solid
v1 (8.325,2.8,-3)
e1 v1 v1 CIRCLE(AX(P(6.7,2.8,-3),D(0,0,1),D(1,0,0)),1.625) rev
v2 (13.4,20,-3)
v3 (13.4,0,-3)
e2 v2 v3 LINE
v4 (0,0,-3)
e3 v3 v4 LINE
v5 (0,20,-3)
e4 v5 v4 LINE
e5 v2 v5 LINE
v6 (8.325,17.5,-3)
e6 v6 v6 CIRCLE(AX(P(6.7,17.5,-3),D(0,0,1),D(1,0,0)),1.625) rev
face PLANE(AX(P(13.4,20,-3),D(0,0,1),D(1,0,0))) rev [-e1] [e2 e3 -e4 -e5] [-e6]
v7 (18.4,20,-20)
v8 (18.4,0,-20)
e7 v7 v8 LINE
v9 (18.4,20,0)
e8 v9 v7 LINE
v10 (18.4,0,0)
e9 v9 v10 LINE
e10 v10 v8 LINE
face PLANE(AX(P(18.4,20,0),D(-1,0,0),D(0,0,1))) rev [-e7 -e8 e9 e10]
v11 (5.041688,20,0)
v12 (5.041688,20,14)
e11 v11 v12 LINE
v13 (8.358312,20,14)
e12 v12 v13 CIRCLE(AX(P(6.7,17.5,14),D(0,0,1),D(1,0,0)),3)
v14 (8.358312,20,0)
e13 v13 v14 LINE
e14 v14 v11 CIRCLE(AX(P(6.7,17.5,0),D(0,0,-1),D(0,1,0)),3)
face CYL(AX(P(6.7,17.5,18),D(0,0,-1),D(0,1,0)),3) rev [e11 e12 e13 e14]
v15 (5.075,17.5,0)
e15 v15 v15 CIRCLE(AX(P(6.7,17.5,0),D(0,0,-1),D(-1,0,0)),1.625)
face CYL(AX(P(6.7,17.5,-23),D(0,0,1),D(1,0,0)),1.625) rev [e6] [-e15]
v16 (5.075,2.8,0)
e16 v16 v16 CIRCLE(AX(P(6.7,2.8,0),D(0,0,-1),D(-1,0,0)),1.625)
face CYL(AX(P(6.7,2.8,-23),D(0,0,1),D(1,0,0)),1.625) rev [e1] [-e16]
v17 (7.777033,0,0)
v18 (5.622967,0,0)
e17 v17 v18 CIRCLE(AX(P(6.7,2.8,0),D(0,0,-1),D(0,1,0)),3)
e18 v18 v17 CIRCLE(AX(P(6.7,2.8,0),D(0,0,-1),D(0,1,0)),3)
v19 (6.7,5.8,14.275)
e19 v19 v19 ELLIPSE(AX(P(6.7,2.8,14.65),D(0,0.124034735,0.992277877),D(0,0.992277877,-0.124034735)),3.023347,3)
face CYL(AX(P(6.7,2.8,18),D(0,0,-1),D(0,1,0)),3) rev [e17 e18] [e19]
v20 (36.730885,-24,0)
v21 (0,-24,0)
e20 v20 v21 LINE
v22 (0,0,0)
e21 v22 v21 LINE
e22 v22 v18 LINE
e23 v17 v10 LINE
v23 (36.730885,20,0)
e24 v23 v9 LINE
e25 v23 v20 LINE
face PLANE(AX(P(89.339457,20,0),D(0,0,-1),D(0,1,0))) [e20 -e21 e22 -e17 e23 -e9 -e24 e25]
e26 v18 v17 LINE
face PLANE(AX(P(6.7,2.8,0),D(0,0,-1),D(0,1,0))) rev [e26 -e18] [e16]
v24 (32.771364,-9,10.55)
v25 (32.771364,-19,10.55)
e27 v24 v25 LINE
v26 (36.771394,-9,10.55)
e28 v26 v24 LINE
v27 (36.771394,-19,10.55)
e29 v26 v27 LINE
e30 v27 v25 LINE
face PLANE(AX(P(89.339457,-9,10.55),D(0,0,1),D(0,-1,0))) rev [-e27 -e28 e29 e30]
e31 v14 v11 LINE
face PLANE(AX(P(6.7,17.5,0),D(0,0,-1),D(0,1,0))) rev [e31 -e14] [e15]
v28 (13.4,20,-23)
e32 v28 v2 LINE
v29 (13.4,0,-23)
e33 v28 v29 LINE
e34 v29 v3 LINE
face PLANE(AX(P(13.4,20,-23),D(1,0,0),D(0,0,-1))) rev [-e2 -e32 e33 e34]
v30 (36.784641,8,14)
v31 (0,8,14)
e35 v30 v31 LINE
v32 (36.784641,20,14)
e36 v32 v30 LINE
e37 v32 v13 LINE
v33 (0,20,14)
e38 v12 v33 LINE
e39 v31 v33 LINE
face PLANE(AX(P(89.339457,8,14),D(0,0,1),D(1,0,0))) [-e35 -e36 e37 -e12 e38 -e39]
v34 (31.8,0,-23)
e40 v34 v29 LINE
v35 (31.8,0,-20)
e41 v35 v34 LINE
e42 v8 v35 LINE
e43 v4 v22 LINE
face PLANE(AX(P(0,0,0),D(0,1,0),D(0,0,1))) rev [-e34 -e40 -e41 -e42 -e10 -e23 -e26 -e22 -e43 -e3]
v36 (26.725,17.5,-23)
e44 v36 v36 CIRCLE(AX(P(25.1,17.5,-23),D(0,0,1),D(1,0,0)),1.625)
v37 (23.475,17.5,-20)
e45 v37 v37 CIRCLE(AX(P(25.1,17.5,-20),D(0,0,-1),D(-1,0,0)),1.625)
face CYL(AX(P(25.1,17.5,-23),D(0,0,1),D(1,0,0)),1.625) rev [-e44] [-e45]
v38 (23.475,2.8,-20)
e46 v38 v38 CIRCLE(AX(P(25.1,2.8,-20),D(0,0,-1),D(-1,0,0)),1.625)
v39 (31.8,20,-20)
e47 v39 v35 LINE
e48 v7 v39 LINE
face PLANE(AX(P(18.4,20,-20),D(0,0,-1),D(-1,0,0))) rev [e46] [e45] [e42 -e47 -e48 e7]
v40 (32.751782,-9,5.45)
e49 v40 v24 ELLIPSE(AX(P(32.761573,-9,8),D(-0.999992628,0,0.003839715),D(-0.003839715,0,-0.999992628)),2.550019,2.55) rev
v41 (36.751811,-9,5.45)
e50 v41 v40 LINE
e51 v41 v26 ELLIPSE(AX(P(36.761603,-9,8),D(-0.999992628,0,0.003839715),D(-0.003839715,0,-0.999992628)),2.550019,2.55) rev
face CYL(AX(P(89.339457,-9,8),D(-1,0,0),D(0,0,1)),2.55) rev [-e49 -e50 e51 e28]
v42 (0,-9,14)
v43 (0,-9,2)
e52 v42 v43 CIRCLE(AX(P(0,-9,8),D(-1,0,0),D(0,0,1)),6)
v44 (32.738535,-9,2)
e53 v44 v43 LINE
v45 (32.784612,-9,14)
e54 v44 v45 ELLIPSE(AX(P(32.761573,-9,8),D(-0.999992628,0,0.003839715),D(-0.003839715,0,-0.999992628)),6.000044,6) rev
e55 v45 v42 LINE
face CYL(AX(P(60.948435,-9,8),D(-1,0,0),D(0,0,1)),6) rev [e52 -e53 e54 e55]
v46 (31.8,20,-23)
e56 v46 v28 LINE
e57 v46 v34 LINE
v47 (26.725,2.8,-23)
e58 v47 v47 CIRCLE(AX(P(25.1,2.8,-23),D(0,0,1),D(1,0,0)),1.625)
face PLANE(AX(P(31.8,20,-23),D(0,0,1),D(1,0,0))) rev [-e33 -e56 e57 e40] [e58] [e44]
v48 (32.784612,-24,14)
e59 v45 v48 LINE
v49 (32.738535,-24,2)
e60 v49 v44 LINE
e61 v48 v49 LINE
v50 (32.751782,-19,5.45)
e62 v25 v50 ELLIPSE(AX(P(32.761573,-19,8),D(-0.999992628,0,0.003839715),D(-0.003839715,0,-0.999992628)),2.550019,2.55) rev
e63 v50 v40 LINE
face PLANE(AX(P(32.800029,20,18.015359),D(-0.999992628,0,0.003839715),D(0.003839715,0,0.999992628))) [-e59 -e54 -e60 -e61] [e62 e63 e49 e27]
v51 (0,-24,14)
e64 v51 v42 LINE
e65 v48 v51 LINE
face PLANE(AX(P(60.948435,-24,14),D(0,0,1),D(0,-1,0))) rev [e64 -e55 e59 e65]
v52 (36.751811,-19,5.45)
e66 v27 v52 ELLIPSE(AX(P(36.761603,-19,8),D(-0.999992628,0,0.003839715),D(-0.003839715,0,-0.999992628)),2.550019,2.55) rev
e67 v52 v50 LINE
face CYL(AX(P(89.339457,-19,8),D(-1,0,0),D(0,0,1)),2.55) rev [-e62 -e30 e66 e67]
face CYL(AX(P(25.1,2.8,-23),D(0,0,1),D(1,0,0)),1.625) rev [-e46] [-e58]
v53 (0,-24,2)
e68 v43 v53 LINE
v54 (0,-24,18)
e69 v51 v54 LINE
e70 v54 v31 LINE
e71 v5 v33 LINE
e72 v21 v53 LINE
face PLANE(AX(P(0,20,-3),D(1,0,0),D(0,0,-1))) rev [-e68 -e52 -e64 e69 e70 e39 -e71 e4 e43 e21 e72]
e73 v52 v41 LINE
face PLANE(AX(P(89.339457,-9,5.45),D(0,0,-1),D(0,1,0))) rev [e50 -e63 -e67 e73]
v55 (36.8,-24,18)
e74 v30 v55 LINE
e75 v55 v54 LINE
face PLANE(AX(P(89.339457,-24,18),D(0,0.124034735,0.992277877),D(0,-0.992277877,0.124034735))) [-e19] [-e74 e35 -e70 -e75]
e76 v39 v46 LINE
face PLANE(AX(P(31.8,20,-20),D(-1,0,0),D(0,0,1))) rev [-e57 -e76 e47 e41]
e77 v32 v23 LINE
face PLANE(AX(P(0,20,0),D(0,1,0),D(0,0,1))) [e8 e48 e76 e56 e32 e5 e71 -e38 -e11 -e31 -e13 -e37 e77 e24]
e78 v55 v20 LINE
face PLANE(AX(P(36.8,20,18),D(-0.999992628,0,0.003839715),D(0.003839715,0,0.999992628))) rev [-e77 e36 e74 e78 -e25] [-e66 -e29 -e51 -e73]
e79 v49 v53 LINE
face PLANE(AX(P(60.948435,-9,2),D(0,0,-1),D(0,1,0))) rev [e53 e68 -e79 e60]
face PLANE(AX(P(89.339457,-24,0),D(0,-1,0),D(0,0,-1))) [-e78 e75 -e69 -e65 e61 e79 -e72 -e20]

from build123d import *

# Parameters (mm, degrees)
BOSS_EXTRUDE1_DEPTH              = 20
CUT_EXTRUDE1_START               = -4
SKETCH2_R                        = 1.625
CUT_EXTRUDE1_DEPTH               = 25
BOSS_EXTRUDE2_DEPTH              = 36.8
SKETCH8_R                        = 3
CUT_EXTRUDE5_DEPTH               = 19
CUT_EXTRUDE6_DEPTH               = 45
CUT_EXTRUDE7_REACH               = 42.8
CUT_EXTRUDE7_OFFSET_FROM_SURFACE = 4


with BuildPart() as part:
    # Sketch1 → Boss-Extrude1 (new body)
    with BuildSketch(Plane(origin=(0, 0, 0), x_dir=(1, 0, 0), z_dir=(0, 1, 0))):
        Polygon((0, 0), (18.4, 0), (18.4, 20), (31.8, 20), (31.8, 23), (13.4, 23), (13.4, 3), (0, 3), align=None)
    extrude(amount=BOSS_EXTRUDE1_DEPTH)

    # Sketch2 → Cut-Extrude1 (cut)
    with BuildSketch(Plane.XY.offset(-20).offset(CUT_EXTRUDE1_START)):
        with Locations((25.1, 17.5)):
            Circle(SKETCH2_R)
        with Locations((25.1, 2.8)):
            Circle(SKETCH2_R)
    cut_extrude1 = extrude(amount=CUT_EXTRUDE1_DEPTH, mode=Mode.SUBTRACT)

    # Mirror1: Cut-Extrude1 across plane
    add(cut_extrude1.mirror(Plane.ZY.offset(-15.9)), mode=Mode.SUBTRACT)

    # Sketch5 → Boss-Extrude2 (add)
    with BuildSketch(Plane.ZY):
        Polygon((0, 20), (0, -24), (18, -24), (14, 8), (14, 20), align=None)
        with BuildLine():
            Line((10.55, -9), (10.55, -19))
            ThreePointArc((10.55, -19), (8, -21.55), (5.45, -19))
            Line((5.45, -19), (5.45, -9))
            ThreePointArc((5.45, -9), (8, -6.45), (10.55, -9))
        make_face(mode=Mode.SUBTRACT)
    extrude(amount=-BOSS_EXTRUDE2_DEPTH)

    # Sketch8 → Cut-Extrude5 (cut, through all)
    with BuildSketch(Plane(origin=(0, 0, 0), x_dir=(-1, 0, 0), z_dir=(0, 0, -1))):
        with Locations((-6.7, 2.8)):
            Circle(SKETCH8_R)
        with Locations((-6.7, 17.5)):
            Circle(SKETCH8_R)
    extrude(amount=-CUT_EXTRUDE5_DEPTH, mode=Mode.SUBTRACT)

    # Sketch6 → Cut-Extrude6 (cut, through all)
    with BuildSketch(Plane.XZ.offset(24)):
        Polygon((36.8, 18), (36.8, 0), (36.730884622, 0), align=None)
    extrude(amount=-CUT_EXTRUDE6_DEPTH, mode=Mode.SUBTRACT)

    # Cut-Extrude7: up to this face of the body (flat: up to its plane, moved by the offset)
    cut_extrude7_end = Plane(part.part.faces().sort_by_distance((36.760677184, -1.783418912, 7.75899858))[0]).offset(-CUT_EXTRUDE7_OFFSET_FROM_SURFACE)
    # Sketch7 → Cut-Extrude7 (cut, up to the picked face)
    with BuildSketch(Plane.ZY, mode=Mode.PRIVATE) as cut_extrude7_sk1:
        with BuildLine():
            Line((14, -24), (14, -9))
            ThreePointArc((14, -9), (8, -3), (2, -9))
            Line((2, -9), (2, -24))
            Line((2, -24), (14, -24))
        make_face()
    cut_extrude7_tool1 = split(extrude(cut_extrude7_sk1.sketch, amount=-CUT_EXTRUDE7_REACH, mode=Mode.PRIVATE), bisect_by=cut_extrude7_end, keep=Keep.BOTH, mode=Mode.PRIVATE)
    add(cut_extrude7_tool1.solids().sort_by_distance((0, -14.098317, 8))[0], mode=Mode.SUBTRACT)


solid = part.part
